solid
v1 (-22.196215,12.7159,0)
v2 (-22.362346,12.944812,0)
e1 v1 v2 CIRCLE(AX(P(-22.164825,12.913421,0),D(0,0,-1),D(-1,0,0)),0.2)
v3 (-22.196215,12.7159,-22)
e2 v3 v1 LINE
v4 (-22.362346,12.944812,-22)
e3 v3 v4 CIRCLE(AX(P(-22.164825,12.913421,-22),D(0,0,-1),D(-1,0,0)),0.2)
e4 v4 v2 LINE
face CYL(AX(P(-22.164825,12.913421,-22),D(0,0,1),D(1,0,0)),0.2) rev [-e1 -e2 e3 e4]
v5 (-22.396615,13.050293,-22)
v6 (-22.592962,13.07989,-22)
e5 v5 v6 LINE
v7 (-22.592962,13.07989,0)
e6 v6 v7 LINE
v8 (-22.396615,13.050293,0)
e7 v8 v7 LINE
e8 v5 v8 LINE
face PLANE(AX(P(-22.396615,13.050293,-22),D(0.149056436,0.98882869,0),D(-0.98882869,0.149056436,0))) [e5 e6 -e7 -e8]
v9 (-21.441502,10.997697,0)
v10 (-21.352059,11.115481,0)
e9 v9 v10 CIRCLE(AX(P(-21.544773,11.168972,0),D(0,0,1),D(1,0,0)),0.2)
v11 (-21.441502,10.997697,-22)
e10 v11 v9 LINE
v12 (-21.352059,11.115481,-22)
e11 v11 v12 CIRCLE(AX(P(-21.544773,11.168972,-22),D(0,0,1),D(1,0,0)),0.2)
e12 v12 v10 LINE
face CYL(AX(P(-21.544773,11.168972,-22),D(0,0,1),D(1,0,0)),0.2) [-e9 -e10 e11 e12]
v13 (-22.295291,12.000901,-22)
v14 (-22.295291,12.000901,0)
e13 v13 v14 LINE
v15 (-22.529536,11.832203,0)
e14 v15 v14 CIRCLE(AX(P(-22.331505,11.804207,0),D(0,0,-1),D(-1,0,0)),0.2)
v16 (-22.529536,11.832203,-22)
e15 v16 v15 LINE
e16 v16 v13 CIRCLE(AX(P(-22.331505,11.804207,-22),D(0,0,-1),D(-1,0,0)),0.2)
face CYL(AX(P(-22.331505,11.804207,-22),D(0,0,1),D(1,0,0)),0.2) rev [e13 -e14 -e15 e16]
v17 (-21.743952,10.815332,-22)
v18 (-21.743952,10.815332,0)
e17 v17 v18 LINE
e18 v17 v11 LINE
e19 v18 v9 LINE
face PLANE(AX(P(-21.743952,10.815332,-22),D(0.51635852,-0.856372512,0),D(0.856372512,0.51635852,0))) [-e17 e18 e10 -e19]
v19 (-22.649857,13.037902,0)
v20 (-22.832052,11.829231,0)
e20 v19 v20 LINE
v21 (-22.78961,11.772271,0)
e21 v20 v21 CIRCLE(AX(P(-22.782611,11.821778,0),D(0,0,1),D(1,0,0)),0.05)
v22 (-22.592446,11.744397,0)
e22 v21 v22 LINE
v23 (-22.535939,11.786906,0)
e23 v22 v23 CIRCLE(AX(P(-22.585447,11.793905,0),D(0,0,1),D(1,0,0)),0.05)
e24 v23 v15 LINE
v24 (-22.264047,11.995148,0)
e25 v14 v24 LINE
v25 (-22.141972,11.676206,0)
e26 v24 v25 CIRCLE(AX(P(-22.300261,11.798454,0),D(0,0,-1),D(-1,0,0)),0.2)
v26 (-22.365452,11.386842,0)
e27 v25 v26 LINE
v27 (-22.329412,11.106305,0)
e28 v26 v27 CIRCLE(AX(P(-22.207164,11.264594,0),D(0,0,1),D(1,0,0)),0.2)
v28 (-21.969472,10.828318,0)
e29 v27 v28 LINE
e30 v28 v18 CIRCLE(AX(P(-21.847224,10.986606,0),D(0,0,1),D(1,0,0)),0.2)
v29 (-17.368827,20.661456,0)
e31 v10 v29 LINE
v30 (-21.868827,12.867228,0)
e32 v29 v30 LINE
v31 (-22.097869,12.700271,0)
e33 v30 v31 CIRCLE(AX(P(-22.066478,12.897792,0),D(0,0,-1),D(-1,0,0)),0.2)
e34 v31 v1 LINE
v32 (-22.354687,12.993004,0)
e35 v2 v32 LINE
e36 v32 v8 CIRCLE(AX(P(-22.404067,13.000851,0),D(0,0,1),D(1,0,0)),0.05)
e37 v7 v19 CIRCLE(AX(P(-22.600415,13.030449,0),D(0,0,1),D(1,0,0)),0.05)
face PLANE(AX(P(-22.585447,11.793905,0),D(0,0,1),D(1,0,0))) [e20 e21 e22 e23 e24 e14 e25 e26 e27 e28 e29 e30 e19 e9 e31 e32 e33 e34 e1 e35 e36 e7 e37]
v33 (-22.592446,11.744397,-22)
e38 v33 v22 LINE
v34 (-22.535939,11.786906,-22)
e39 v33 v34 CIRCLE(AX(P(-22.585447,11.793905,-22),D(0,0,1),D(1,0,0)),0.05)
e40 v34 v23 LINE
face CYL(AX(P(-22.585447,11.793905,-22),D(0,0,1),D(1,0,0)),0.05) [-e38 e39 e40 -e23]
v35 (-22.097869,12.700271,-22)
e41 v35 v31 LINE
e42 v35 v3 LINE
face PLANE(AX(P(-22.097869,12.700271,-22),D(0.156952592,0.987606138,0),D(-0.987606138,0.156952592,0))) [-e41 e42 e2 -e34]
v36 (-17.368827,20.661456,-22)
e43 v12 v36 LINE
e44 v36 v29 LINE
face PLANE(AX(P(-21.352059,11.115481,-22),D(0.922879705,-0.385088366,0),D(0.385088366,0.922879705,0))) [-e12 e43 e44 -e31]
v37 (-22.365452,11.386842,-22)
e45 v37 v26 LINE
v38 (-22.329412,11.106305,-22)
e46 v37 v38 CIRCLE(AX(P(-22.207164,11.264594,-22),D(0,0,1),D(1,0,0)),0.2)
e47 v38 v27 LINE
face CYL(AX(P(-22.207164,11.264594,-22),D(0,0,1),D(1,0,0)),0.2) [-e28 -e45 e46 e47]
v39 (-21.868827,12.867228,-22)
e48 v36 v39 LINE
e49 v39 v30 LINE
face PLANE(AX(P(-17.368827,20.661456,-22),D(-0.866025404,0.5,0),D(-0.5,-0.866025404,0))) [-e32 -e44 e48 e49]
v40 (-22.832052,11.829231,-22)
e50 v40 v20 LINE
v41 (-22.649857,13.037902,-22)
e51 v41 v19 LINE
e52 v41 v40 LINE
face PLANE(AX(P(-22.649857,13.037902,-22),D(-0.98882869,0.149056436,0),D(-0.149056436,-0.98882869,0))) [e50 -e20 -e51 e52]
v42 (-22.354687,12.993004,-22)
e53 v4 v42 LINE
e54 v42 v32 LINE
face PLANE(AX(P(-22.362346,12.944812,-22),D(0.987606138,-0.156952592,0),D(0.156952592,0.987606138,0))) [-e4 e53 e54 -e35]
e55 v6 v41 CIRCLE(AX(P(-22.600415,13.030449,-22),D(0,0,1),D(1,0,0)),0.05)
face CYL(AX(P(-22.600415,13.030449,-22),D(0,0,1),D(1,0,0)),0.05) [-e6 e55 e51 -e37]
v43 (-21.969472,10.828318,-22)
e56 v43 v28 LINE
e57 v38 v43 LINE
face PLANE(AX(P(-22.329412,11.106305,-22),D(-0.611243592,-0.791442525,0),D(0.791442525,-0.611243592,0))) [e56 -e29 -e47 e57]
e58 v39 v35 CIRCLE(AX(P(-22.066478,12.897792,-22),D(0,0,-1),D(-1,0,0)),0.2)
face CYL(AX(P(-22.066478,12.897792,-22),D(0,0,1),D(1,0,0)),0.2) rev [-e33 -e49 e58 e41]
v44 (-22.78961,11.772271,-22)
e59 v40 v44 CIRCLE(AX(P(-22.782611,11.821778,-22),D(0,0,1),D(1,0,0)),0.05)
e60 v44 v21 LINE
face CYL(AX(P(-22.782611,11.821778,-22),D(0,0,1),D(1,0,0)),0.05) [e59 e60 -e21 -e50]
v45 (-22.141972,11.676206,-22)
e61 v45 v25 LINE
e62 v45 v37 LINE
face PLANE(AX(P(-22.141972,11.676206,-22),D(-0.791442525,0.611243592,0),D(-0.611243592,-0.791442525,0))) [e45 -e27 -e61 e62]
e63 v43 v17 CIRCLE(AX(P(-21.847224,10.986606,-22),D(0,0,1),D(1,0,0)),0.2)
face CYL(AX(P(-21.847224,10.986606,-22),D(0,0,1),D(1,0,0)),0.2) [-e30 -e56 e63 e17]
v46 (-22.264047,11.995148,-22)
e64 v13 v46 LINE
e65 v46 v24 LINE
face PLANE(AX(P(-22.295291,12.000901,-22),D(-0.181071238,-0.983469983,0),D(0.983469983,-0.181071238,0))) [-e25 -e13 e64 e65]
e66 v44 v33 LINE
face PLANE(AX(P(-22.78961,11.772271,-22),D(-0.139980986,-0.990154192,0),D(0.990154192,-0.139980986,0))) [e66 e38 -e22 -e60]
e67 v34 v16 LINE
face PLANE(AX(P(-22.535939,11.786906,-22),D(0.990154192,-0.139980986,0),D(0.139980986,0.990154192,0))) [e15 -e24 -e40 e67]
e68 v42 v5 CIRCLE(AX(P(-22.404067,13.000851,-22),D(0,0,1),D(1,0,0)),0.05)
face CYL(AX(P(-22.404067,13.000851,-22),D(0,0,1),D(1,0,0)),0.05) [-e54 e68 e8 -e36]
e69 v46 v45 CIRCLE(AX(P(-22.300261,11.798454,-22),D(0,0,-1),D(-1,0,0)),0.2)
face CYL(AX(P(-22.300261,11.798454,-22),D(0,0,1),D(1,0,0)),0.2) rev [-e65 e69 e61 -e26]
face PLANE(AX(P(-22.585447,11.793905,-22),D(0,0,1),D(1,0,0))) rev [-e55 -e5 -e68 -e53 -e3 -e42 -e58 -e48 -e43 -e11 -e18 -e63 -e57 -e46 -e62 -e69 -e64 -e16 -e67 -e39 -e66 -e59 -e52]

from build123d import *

# Parameters (mm, degrees)
BOSS_EXTRUDE1_DEPTH = 22


with BuildPart() as part:
    # Sketch1 → Boss-Extrude1 (new body)
    with BuildSketch(Plane.XY):
        with BuildLine():
            Line((-21.35205925, 11.1154812), (-17.368827213, 20.661456443))
            Line((-17.368827213, 20.661456443), (-21.868827213, 12.867227809))
            ThreePointArc((-21.868827213, 12.867227809), (-21.948667572, 12.73617279), (-22.097868544, 12.700270549))
            Line((-22.097868544, 12.700270549), (-22.196215152, 12.715900014))
            ThreePointArc((-22.196215152, 12.715900014), (-22.326689682, 12.79594909), (-22.362345861, 12.94481176))
            Line((-22.362345861, 12.94481176), (-22.354687101, 12.993003628))
            ThreePointArc((-22.354687101, 12.993003628), (-22.363718798, 13.030380728), (-22.396614586, 13.050292692))
            Line((-22.396614586, 13.050292692), (-22.592962298, 13.079890225))
            ThreePointArc((-22.592962298, 13.079890225), (-22.630105552, 13.070679105), (-22.649856554, 13.037901612))
            Line((-22.649856554, 13.037901612), (-22.832052004, 11.829231305))
            ThreePointArc((-22.832052004, 11.829231305), (-22.822704304, 11.791903872), (-22.789609619, 11.772270774))
            Line((-22.789609619, 11.772270774), (-22.592446198, 11.744397206))
            ThreePointArc((-22.592446198, 11.744397206), (-22.555388987, 11.753948603), (-22.535939439, 11.786905866))
            Line((-22.535939439, 11.786905866), (-22.529535655, 11.832202971))
            ThreePointArc((-22.529535655, 11.832202971), (-22.448384623, 11.96650006), (-22.295290569, 12.00090077))
            Line((-22.295290569, 12.00090077), (-22.264046695, 11.995148315))
            ThreePointArc((-22.264046695, 11.995148315), (-22.113475119, 11.869945968), (-22.141972438, 11.6762056))
            Line((-22.141972438, 11.6762056), (-22.365452219, 11.3868424))
            ThreePointArc((-22.365452219, 11.3868424), (-22.405533487, 11.239109704), (-22.329412432, 11.106305176))
            Line((-22.329412432, 11.106305176), (-21.969472499, 10.828317868))
            ThreePointArc((-21.969472499, 10.828317868), (-21.858721207, 10.786937123), (-21.743952077, 10.81533187))
            Line((-21.743952077, 10.81533187), (-21.441501697, 10.997697404))
            ThreePointArc((-21.441501697, 10.997697404), (-21.385493263, 11.048018041), (-21.35205925, 11.1154812))
        make_face()
    extrude(amount=-BOSS_EXTRUDE1_DEPTH)


solid = part.part
